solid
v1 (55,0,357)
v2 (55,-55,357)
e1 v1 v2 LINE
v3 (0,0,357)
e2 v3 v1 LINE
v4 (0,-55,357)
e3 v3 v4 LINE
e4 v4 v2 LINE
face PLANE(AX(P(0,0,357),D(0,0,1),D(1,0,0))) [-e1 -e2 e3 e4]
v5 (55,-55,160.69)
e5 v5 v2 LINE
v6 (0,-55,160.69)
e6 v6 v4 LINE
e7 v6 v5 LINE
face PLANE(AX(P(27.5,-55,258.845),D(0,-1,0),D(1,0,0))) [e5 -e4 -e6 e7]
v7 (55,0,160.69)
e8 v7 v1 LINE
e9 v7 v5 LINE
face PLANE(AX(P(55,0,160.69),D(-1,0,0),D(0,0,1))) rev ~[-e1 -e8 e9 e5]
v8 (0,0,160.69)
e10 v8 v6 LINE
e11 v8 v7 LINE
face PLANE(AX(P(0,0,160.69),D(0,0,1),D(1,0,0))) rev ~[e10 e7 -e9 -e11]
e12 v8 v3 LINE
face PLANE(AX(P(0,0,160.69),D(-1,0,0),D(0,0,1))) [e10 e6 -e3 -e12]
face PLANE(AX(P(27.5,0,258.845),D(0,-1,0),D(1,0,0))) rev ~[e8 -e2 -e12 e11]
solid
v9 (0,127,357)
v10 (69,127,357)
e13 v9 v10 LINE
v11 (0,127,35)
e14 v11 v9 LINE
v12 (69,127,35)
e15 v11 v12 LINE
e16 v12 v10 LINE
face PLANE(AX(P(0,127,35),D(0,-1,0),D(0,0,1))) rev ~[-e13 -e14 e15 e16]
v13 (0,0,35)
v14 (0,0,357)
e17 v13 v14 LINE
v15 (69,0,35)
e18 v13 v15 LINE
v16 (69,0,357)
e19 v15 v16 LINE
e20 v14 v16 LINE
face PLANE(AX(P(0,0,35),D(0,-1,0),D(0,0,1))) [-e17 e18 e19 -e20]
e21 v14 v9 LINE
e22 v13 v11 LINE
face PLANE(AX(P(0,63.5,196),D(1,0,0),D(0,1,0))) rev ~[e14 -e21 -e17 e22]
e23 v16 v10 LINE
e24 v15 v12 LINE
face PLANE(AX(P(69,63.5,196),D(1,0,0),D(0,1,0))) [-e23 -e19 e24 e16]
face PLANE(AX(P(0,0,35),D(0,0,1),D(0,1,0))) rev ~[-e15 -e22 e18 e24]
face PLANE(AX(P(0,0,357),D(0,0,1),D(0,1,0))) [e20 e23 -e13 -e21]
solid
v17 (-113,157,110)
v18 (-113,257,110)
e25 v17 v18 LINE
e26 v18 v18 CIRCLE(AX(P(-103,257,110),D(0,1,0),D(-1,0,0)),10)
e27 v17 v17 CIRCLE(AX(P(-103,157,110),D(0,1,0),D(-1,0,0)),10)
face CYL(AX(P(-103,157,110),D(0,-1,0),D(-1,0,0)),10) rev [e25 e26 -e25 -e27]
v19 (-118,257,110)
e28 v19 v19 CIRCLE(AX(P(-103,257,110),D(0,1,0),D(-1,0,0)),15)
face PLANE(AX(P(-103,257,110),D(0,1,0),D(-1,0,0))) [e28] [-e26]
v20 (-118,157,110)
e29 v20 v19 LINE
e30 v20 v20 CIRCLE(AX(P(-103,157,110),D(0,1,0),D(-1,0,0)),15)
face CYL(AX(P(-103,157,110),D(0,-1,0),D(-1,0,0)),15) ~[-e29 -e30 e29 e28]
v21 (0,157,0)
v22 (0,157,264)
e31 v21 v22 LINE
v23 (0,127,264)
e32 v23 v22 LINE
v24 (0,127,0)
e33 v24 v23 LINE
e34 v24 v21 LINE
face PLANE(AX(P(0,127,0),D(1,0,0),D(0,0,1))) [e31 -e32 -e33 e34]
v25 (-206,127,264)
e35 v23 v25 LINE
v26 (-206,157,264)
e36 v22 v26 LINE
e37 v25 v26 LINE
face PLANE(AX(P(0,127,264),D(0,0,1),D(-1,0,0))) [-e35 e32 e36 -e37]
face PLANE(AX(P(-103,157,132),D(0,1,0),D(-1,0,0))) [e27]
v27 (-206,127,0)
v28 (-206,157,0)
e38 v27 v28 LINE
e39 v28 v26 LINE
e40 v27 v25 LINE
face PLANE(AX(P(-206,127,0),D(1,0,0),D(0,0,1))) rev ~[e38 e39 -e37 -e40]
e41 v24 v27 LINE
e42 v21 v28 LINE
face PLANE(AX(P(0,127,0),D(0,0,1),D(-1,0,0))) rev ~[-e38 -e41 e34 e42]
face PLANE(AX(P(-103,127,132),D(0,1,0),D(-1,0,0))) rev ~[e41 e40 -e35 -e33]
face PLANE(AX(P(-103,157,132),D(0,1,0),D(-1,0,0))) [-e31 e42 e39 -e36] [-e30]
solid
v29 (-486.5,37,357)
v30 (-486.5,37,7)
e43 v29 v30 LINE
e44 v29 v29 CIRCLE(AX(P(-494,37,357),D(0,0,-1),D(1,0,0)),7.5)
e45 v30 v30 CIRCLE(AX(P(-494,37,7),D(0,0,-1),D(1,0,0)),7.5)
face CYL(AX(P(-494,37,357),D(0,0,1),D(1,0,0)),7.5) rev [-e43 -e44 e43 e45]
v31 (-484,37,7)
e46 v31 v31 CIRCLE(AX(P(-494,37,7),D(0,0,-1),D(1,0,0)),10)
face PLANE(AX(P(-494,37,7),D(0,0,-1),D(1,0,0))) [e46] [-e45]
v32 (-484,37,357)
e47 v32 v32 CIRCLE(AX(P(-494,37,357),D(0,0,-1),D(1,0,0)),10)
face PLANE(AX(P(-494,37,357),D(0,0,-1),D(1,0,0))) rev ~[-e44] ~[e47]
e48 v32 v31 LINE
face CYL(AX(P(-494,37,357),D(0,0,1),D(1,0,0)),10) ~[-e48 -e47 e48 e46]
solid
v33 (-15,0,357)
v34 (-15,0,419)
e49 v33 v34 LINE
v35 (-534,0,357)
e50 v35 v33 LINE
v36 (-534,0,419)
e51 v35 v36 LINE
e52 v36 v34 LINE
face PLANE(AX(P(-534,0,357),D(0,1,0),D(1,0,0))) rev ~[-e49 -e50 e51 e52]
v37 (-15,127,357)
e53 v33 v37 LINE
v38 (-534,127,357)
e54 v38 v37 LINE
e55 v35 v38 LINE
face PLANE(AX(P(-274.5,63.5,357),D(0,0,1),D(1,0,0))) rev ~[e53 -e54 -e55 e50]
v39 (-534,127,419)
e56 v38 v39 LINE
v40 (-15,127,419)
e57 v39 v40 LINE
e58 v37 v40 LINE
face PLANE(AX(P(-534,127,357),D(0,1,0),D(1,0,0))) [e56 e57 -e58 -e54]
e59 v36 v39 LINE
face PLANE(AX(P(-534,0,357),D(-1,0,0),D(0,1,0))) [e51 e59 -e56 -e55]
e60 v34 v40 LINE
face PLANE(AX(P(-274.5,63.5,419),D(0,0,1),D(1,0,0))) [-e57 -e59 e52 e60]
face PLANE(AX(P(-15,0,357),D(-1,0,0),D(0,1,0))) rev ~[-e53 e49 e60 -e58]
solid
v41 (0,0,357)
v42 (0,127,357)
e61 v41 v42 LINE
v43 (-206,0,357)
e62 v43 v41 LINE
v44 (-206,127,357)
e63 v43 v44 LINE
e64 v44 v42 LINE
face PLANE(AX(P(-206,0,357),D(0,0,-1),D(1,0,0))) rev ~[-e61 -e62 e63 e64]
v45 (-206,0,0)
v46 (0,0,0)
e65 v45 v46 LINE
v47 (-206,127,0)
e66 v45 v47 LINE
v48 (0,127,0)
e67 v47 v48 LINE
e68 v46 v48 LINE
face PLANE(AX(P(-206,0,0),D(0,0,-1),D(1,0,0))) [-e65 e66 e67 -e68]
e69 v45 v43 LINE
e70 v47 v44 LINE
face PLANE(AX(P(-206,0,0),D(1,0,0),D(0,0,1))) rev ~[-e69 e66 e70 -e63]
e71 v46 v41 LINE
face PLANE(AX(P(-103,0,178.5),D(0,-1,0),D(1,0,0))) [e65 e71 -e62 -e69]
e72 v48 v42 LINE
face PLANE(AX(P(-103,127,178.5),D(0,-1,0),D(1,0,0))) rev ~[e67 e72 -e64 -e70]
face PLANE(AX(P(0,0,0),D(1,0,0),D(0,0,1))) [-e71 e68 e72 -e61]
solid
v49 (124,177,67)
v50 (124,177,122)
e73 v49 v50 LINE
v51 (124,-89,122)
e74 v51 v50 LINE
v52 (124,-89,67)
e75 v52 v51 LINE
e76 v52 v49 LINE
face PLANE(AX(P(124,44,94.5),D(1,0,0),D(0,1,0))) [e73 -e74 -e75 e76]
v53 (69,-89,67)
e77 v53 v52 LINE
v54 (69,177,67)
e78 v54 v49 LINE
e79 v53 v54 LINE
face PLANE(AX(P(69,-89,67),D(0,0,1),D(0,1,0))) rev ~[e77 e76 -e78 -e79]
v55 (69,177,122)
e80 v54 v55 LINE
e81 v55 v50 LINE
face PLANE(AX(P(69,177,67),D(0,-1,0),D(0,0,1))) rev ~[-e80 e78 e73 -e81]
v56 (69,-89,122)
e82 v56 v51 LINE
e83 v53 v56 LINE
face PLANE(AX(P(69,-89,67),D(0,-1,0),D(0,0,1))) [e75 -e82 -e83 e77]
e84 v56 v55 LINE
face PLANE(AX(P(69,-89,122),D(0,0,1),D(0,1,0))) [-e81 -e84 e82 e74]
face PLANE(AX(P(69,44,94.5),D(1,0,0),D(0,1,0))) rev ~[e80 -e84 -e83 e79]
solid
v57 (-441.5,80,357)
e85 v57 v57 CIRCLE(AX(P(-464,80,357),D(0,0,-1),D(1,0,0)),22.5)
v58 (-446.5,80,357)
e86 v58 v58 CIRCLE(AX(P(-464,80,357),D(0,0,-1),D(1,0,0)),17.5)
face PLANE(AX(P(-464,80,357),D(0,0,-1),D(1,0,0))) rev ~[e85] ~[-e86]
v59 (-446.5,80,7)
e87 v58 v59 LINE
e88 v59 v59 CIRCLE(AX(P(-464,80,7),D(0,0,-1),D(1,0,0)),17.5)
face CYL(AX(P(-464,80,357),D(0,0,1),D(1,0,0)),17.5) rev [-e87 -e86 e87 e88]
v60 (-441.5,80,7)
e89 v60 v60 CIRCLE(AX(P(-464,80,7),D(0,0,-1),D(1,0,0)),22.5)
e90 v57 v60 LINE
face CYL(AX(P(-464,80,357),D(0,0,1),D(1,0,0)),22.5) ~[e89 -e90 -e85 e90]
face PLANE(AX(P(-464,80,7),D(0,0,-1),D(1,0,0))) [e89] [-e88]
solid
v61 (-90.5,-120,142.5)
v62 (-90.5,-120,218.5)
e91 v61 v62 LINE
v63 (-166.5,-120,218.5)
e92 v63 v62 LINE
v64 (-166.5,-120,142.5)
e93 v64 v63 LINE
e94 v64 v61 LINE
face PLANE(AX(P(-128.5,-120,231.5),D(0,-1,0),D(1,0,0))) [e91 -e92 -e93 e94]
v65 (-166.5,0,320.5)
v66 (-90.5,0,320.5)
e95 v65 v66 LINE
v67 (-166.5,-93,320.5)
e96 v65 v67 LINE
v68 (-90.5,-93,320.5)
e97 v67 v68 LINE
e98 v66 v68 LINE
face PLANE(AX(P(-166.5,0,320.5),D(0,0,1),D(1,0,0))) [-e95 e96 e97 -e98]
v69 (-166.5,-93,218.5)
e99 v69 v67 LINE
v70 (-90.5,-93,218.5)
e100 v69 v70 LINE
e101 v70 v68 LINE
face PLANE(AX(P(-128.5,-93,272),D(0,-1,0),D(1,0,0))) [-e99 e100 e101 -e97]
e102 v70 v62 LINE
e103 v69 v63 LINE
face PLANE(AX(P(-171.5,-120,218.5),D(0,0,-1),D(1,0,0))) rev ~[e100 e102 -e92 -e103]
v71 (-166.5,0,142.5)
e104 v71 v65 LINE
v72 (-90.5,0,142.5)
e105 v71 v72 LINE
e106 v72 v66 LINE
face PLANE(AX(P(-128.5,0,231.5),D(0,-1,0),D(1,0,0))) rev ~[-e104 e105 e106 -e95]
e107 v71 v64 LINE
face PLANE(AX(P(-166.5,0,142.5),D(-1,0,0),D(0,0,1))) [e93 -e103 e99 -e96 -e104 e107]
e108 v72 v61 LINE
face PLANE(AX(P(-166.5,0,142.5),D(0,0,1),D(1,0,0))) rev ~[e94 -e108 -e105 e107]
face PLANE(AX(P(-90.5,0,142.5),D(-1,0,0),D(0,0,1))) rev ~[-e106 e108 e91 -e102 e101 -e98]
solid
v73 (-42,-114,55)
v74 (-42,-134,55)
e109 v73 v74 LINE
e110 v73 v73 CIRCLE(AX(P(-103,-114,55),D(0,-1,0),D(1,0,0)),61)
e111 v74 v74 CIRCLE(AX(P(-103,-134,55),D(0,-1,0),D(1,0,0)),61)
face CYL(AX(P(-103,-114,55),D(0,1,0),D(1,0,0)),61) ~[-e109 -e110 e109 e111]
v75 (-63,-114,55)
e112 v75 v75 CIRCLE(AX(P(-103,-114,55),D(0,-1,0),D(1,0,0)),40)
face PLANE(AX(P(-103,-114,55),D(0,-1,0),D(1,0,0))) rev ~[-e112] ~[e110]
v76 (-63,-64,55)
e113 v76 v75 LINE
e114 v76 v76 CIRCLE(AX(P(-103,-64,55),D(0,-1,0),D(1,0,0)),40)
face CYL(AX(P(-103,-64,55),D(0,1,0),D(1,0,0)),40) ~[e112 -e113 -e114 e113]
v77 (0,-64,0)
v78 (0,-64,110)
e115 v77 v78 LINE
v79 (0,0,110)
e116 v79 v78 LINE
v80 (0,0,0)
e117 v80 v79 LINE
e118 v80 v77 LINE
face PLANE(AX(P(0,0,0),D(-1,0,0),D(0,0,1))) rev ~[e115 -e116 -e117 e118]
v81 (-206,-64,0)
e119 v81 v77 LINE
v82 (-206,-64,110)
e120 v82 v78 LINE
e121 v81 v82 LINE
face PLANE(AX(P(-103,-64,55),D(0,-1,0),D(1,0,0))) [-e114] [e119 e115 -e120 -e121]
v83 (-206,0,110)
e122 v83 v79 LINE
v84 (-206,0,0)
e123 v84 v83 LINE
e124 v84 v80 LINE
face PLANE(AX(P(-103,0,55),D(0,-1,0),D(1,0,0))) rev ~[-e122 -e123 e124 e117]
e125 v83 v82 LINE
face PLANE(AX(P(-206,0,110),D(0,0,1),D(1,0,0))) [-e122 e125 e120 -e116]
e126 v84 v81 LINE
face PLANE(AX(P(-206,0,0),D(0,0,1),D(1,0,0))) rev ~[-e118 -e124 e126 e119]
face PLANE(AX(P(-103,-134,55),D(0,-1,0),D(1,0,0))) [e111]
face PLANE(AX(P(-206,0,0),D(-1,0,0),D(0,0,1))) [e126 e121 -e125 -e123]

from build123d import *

# Parameters (mm, degrees)
F0_W      = 206
F0_H      = 357
F1_DEPTH  = 127
F2_W      = 519
F2_H      = 127
F3_DEPTH  = 62
F4_W      = 127
F4_H      = 322
F5_DEPTH  = 69
F6_W      = 55
F6_H      = 196.31
F7_DEPTH  = 55
F8_W      = 266
F8_H      = 55
F9_DEPTH  = 55
F10_W     = 76
F10_H     = 178
F11_DEPTH = 120
F12_W     = 86
F12_H     = 107
F13_DEPTH = 27
F14_W     = 206
F14_H     = 110
F15_DEPTH = 64
F16_R     = 40
F17_DEPTH = 50
F18_R     = 61
F19_DEPTH = 20
F20_W     = 206
F20_H     = 264
F21_DEPTH = 30
F22_R     = 15
F22_R_2   = 10
F23_DEPTH = 100
F24_R     = 22.5
F24_R_2   = 17.5
F24_R_3   = 10
F24_R_4   = 7.5
F25_DEPTH = 350


with BuildPart() as f1:
    # F0 (on Front) → F1 (new body)
    with BuildSketch(Plane.XZ):
        with Locations((-103, 178.5)):
            Rectangle(F0_W, F0_H)
    extrude(amount=-F1_DEPTH)


with BuildPart() as f3:
    # F2 (on face) → F3 (new body)
    with BuildSketch(Plane.XY.offset(357)):
        with Locations((-274.5, 63.5)):
            Rectangle(F2_W, F2_H)
    extrude(amount=F3_DEPTH)


with BuildPart() as f5:
    # F4 (on face) → F5 (new body)
    with BuildSketch(Plane.YZ):
        with Locations((63.5, 196)):
            Rectangle(F4_W, F4_H)
    extrude(amount=F5_DEPTH)


with BuildPart() as f7:
    # F6 (on face) → F7 (new body)
    with BuildSketch(Plane.XZ):
        with Locations((27.5, 258.845)):
            Rectangle(F6_W, F6_H)
    extrude(amount=F7_DEPTH)


with BuildPart() as f9:
    # F8 (on face) → F9 (new body)
    with BuildSketch(Plane.YZ.offset(69)):
        with Locations((44, 94.5)):
            Rectangle(F8_W, F8_H)
    extrude(amount=F9_DEPTH)


with BuildPart() as f11:
    # F10 (on face) → F11 (new body)
    with BuildSketch(Plane.XZ):
        with Locations((-128.5, 231.5)):
            Rectangle(F10_W, F10_H)
    extrude(amount=F11_DEPTH)

    # F12 (on face) → F13 (cut)
    with BuildSketch(Plane.XZ.offset(120)):
        with Locations((-128.5, 272)):
            Rectangle(F12_W, F12_H)
    extrude(amount=-F13_DEPTH, mode=Mode.SUBTRACT)


with BuildPart() as f15:
    # F14 (on face) → F15 (new body)
    with BuildSketch(Plane.XZ):
        with Locations((-103, 55)):
            Rectangle(F14_W, F14_H)
    extrude(amount=F15_DEPTH)

    # F16 (on face) → F17 (join)
    with BuildSketch(Plane.XZ.offset(64)):
        with Locations((-103, 55)):
            Circle(F16_R)
    extrude(amount=F17_DEPTH)

    # F18 (on face) → F19 (join)
    with BuildSketch(Plane.XZ.offset(114)):
        with Locations((-103, 55)):
            Circle(F18_R)
    extrude(amount=F19_DEPTH)


with BuildPart() as f21:
    # F20 (on face) → F21 (new body)
    with BuildSketch(Plane(origin=(0, 127, 0), x_dir=(-1, 0, 0), z_dir=(0, 1, 0))):
        with Locations((103, 132)):
            Rectangle(F20_W, F20_H)
    extrude(amount=F21_DEPTH)

    # F22 (on face) → F23 (join)
    with BuildSketch(Plane(origin=(0, 157, 0), x_dir=(-1, 0, 0), z_dir=(0, 1, 0))):
        with Locations((103, 110)):
            Circle(F22_R)
        with Locations((103, 110)):
            Circle(F22_R_2, mode=Mode.SUBTRACT)
    extrude(amount=F23_DEPTH)


with BuildPart() as f25:
    # F24 (on face) → F25 (new body)
    with BuildSketch(Plane(origin=(0, 0, 357), x_dir=(1, 0, 0), z_dir=(0, 0, -1))):
        with Locations((-464, -80)):
            Circle(F24_R)
        with Locations((-464, -80)):
            Circle(F24_R_2, mode=Mode.SUBTRACT)
        with Locations((-494, -37)):
            Circle(F24_R_3)
        with Locations((-494, -37)):
            Circle(F24_R_4, mode=Mode.SUBTRACT)
    extrude(amount=F25_DEPTH)


solid = Compound([f1.part, f3.part, f5.part, f7.part, f9.part, f11.part, f15.part, f21.part, f25.part])
